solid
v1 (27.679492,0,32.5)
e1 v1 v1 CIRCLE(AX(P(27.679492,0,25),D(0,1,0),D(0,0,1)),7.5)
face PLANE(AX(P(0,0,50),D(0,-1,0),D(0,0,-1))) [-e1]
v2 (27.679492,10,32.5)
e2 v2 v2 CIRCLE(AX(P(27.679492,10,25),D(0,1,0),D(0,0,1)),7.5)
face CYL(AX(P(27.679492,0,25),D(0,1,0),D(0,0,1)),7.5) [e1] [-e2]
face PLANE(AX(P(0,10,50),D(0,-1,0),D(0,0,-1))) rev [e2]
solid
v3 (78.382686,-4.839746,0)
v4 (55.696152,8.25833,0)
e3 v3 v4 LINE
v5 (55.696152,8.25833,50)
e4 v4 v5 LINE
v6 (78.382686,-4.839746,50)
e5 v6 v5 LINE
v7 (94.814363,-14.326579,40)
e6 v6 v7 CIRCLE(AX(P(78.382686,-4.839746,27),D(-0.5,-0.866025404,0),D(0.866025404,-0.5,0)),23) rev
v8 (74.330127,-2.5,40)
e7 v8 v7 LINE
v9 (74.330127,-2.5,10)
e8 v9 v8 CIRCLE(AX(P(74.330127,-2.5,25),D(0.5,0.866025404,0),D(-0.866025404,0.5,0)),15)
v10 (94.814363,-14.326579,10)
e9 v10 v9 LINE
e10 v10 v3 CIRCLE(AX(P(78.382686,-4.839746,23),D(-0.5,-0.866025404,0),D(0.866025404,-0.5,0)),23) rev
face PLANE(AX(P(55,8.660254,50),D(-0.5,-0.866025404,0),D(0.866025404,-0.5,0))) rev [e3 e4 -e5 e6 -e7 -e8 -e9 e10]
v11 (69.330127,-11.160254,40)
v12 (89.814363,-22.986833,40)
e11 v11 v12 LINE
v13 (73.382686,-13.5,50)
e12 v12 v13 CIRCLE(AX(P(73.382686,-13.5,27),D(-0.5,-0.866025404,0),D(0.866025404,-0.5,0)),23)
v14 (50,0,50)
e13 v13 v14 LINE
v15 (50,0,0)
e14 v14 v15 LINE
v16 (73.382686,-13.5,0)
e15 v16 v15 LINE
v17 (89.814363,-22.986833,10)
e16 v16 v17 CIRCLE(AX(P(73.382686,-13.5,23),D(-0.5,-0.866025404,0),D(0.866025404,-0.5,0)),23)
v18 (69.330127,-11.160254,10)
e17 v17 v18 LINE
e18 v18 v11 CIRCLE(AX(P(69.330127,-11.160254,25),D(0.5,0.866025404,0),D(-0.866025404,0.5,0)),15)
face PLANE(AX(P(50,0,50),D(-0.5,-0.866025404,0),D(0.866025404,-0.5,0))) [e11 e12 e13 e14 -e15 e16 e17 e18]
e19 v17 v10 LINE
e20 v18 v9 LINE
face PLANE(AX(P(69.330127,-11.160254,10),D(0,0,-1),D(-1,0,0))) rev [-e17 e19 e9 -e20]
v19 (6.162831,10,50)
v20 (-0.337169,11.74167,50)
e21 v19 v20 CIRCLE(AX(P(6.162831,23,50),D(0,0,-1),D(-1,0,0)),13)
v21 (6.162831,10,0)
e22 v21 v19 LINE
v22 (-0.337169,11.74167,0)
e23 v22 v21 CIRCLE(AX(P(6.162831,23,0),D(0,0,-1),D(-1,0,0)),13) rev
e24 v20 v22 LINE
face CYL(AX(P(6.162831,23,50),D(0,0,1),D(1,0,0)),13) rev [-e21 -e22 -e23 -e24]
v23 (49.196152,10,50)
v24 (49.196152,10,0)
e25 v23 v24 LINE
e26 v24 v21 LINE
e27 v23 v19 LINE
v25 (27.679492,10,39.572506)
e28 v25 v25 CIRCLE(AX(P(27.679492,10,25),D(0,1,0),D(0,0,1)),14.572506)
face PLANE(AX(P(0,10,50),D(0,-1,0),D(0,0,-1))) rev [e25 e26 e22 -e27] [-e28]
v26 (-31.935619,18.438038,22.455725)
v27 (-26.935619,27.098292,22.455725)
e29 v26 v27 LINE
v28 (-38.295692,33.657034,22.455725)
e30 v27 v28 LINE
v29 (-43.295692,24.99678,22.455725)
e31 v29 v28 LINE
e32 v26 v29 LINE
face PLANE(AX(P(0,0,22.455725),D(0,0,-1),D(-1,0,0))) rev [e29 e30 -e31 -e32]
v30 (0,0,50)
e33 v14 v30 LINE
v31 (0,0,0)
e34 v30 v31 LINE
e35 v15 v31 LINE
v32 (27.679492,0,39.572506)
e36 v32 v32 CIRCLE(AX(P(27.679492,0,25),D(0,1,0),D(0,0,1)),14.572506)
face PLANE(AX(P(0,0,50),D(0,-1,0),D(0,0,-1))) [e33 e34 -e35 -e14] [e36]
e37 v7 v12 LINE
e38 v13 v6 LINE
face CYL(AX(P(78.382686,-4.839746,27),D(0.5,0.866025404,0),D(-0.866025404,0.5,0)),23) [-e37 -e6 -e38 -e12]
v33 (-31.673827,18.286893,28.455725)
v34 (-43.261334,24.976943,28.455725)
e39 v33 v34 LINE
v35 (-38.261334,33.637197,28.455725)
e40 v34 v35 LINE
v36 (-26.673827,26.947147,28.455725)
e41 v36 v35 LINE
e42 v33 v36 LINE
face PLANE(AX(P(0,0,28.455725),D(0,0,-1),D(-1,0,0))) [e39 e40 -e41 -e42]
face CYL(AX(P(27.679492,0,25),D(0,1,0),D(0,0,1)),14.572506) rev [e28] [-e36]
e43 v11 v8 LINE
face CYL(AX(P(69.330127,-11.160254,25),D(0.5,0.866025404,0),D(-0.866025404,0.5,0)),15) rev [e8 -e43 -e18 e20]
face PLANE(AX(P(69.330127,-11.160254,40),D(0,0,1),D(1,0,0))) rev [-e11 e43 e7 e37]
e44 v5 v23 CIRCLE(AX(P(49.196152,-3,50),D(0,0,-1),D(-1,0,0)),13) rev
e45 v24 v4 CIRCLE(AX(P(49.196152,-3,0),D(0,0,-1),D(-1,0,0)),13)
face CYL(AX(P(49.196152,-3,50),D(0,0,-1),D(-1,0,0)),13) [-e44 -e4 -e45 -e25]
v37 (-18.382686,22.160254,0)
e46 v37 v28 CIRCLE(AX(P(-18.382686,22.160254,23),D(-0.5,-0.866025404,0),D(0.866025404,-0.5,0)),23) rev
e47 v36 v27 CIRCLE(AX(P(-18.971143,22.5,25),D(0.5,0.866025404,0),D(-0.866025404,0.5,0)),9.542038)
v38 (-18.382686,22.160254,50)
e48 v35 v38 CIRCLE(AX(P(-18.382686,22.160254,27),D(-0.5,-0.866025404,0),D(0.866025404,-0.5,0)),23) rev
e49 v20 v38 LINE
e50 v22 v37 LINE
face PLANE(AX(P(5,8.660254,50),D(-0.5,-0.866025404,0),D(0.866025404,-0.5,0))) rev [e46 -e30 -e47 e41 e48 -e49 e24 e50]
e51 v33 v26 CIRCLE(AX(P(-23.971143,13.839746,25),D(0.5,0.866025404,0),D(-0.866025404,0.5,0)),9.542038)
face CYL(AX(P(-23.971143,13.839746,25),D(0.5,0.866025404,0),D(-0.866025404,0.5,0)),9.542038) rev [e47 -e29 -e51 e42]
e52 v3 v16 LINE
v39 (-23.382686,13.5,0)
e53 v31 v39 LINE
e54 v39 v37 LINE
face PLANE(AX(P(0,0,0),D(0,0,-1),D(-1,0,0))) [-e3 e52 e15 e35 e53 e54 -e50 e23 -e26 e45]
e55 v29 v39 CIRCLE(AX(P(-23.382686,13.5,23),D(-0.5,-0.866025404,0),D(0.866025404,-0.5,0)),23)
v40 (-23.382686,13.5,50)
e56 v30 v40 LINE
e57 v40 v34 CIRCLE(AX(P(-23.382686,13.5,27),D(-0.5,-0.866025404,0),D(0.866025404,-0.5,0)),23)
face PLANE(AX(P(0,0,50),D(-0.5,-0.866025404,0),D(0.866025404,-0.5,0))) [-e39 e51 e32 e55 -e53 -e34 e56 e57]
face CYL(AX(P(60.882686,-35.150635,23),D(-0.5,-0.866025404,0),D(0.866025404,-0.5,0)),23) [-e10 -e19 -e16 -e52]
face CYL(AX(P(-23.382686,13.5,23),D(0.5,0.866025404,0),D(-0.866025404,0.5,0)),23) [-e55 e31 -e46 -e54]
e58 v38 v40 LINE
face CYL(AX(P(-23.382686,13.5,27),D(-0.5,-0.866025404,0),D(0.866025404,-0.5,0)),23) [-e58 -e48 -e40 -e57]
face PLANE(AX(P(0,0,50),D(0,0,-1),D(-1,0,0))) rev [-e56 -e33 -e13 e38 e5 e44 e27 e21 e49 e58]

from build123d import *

# Parameters (mm, degrees)
EXTRUDE_THIN1_DEPTH = 50
FILLET1_R           = 23
CUT_EXTRUDE1_START  = -10
SKETCH2_R           = 9.542038154
CUT_EXTRUDE1_DEPTH  = 10
FILLET2_R           = 23
CUT_EXTRUDE2_DEPTH  = 10
SKETCH5_R           = 14.57250647
SKETCH5_R_2         = 7.5
CUT_EXTRUDE3_DEPTH  = 10
FILLET3_R           = 13


with BuildPart() as part:
    # Sketch1 → Extrude-Thin1 (new body)
    with BuildSketch(Plane.XY):
        Polygon((-43.301270189, 25), (0, 0), (50, 0), (93.301270189, -25), (98.301270189, -16.339745962), (52.679491924, 10), (2.679491924, 10), (-38.301270189, 33.660254038), align=None)
    extrude(amount=EXTRUDE_THIN1_DEPTH)

    # Fillet1
    fillet1_edges = [part.edges().sort_by_distance(p)[0] for p in [
        (-40.801270189, 29.330127019, 50),
        (-40.801270189, 29.330127019, 0),
    ]]
    fillet(fillet1_edges, radius=FILLET1_R)

    # Sketch2 → Cut-Extrude1 (cut)
    with BuildSketch(Plane(origin=(5, 8.660254038, 0), x_dir=(0.8660254037844417, -0.4999999999999947, 0), z_dir=(0.4999999999999947, 0.8660254037844417, 0)).offset(CUT_EXTRUDE1_START)):
        with Locations((-27.679491924, -25)):
            Circle(SKETCH2_R)
        with BuildLine():
            Line((-49.953885583, -28.455725473), (-36.57378524, -28.455725473))
            ThreePointArc((-36.57378524, -28.455725473), (-37.209442685, -25.480136062), (-36.876076033, -22.455725473))
            Line((-36.876076033, -22.455725473), (-49.993559212, -22.455725473))
            ThreePointArc((-49.993559212, -22.455725473), (-49.998389747, -22.727843683), (-50, -23))
            Line((-50, -23), (-50, -27))
            ThreePointArc((-50, -27), (-49.988468505, -27.728227848), (-49.953885583, -28.455725473))
        make_face()
    extrude(amount=CUT_EXTRUDE1_DEPTH, mode=Mode.SUBTRACT)

    # Fillet2
    fillet2_edges = [part.edges().sort_by_distance(p)[0] for p in [
        (95.801270189, -20.669872981, 50),
        (95.801270189, -20.669872981, 0),
    ]]
    fillet(fillet2_edges, radius=FILLET2_R)

    # Sketch4 → Cut-Extrude2 (cut)
    with BuildSketch(Plane(origin=(17.5, 30.310889132, 0), x_dir=(0.8660254037844382, -0.500000000000001, 0), z_dir=(0.500000000000001, 0.8660254037844382, 0))):
        with BuildLine():
            Line((65.621778265, -10), (93.301270189, -10))
            ThreePointArc((93.301270189, -10), (108.301270189, -25), (93.301270189, -40))
            Line((93.301270189, -40), (65.621778265, -40))
            ThreePointArc((65.621778265, -40), (50.621778265, -25), (65.621778265, -10))
        make_face()
    extrude(amount=-CUT_EXTRUDE2_DEPTH, mode=Mode.SUBTRACT)

    # Sketch5 → Cut-Extrude3 (cut)
    with BuildSketch(Plane(origin=(0, 10, 0), x_dir=(1, 0, 0), z_dir=(0, 1, 0))):
        with Locations(Location((27.679491924, -25, 0), (0, 0, 270))):
            Circle(SKETCH5_R)
        with Locations(Location((27.679491924, -25, 0), (0, 0, 270))):
            Circle(SKETCH5_R_2, mode=Mode.SUBTRACT)
    extrude(amount=-CUT_EXTRUDE3_DEPTH, mode=Mode.SUBTRACT)


with BuildPart() as cut_extrude3_piece_1:
    # of the separate pieces the step leaves, piece 1, a body of its own (cut_extrude3_pieces)
    add(part.part.solids().sort_by_distance((73.382685902, -13.5, 0))[0])

    # Fillet3
    fillet3_edges = [cut_extrude3_piece_1.edges().sort_by_distance(p)[0] for p in [
        (2.679491924, 10, 25),
        (52.679491924, 10, 25),
    ]]
    fillet(fillet3_edges, radius=FILLET3_R)


with BuildPart() as cut_extrude3_piece_2:
    # of the separate pieces the step leaves, piece 2, a body of its own (cut_extrude3_pieces)
    add(part.part.solids().sort_by_distance((27.679491924, 0, 32.5))[0])


solid = Compound([cut_extrude3_piece_1.part, cut_extrude3_piece_2.part])
